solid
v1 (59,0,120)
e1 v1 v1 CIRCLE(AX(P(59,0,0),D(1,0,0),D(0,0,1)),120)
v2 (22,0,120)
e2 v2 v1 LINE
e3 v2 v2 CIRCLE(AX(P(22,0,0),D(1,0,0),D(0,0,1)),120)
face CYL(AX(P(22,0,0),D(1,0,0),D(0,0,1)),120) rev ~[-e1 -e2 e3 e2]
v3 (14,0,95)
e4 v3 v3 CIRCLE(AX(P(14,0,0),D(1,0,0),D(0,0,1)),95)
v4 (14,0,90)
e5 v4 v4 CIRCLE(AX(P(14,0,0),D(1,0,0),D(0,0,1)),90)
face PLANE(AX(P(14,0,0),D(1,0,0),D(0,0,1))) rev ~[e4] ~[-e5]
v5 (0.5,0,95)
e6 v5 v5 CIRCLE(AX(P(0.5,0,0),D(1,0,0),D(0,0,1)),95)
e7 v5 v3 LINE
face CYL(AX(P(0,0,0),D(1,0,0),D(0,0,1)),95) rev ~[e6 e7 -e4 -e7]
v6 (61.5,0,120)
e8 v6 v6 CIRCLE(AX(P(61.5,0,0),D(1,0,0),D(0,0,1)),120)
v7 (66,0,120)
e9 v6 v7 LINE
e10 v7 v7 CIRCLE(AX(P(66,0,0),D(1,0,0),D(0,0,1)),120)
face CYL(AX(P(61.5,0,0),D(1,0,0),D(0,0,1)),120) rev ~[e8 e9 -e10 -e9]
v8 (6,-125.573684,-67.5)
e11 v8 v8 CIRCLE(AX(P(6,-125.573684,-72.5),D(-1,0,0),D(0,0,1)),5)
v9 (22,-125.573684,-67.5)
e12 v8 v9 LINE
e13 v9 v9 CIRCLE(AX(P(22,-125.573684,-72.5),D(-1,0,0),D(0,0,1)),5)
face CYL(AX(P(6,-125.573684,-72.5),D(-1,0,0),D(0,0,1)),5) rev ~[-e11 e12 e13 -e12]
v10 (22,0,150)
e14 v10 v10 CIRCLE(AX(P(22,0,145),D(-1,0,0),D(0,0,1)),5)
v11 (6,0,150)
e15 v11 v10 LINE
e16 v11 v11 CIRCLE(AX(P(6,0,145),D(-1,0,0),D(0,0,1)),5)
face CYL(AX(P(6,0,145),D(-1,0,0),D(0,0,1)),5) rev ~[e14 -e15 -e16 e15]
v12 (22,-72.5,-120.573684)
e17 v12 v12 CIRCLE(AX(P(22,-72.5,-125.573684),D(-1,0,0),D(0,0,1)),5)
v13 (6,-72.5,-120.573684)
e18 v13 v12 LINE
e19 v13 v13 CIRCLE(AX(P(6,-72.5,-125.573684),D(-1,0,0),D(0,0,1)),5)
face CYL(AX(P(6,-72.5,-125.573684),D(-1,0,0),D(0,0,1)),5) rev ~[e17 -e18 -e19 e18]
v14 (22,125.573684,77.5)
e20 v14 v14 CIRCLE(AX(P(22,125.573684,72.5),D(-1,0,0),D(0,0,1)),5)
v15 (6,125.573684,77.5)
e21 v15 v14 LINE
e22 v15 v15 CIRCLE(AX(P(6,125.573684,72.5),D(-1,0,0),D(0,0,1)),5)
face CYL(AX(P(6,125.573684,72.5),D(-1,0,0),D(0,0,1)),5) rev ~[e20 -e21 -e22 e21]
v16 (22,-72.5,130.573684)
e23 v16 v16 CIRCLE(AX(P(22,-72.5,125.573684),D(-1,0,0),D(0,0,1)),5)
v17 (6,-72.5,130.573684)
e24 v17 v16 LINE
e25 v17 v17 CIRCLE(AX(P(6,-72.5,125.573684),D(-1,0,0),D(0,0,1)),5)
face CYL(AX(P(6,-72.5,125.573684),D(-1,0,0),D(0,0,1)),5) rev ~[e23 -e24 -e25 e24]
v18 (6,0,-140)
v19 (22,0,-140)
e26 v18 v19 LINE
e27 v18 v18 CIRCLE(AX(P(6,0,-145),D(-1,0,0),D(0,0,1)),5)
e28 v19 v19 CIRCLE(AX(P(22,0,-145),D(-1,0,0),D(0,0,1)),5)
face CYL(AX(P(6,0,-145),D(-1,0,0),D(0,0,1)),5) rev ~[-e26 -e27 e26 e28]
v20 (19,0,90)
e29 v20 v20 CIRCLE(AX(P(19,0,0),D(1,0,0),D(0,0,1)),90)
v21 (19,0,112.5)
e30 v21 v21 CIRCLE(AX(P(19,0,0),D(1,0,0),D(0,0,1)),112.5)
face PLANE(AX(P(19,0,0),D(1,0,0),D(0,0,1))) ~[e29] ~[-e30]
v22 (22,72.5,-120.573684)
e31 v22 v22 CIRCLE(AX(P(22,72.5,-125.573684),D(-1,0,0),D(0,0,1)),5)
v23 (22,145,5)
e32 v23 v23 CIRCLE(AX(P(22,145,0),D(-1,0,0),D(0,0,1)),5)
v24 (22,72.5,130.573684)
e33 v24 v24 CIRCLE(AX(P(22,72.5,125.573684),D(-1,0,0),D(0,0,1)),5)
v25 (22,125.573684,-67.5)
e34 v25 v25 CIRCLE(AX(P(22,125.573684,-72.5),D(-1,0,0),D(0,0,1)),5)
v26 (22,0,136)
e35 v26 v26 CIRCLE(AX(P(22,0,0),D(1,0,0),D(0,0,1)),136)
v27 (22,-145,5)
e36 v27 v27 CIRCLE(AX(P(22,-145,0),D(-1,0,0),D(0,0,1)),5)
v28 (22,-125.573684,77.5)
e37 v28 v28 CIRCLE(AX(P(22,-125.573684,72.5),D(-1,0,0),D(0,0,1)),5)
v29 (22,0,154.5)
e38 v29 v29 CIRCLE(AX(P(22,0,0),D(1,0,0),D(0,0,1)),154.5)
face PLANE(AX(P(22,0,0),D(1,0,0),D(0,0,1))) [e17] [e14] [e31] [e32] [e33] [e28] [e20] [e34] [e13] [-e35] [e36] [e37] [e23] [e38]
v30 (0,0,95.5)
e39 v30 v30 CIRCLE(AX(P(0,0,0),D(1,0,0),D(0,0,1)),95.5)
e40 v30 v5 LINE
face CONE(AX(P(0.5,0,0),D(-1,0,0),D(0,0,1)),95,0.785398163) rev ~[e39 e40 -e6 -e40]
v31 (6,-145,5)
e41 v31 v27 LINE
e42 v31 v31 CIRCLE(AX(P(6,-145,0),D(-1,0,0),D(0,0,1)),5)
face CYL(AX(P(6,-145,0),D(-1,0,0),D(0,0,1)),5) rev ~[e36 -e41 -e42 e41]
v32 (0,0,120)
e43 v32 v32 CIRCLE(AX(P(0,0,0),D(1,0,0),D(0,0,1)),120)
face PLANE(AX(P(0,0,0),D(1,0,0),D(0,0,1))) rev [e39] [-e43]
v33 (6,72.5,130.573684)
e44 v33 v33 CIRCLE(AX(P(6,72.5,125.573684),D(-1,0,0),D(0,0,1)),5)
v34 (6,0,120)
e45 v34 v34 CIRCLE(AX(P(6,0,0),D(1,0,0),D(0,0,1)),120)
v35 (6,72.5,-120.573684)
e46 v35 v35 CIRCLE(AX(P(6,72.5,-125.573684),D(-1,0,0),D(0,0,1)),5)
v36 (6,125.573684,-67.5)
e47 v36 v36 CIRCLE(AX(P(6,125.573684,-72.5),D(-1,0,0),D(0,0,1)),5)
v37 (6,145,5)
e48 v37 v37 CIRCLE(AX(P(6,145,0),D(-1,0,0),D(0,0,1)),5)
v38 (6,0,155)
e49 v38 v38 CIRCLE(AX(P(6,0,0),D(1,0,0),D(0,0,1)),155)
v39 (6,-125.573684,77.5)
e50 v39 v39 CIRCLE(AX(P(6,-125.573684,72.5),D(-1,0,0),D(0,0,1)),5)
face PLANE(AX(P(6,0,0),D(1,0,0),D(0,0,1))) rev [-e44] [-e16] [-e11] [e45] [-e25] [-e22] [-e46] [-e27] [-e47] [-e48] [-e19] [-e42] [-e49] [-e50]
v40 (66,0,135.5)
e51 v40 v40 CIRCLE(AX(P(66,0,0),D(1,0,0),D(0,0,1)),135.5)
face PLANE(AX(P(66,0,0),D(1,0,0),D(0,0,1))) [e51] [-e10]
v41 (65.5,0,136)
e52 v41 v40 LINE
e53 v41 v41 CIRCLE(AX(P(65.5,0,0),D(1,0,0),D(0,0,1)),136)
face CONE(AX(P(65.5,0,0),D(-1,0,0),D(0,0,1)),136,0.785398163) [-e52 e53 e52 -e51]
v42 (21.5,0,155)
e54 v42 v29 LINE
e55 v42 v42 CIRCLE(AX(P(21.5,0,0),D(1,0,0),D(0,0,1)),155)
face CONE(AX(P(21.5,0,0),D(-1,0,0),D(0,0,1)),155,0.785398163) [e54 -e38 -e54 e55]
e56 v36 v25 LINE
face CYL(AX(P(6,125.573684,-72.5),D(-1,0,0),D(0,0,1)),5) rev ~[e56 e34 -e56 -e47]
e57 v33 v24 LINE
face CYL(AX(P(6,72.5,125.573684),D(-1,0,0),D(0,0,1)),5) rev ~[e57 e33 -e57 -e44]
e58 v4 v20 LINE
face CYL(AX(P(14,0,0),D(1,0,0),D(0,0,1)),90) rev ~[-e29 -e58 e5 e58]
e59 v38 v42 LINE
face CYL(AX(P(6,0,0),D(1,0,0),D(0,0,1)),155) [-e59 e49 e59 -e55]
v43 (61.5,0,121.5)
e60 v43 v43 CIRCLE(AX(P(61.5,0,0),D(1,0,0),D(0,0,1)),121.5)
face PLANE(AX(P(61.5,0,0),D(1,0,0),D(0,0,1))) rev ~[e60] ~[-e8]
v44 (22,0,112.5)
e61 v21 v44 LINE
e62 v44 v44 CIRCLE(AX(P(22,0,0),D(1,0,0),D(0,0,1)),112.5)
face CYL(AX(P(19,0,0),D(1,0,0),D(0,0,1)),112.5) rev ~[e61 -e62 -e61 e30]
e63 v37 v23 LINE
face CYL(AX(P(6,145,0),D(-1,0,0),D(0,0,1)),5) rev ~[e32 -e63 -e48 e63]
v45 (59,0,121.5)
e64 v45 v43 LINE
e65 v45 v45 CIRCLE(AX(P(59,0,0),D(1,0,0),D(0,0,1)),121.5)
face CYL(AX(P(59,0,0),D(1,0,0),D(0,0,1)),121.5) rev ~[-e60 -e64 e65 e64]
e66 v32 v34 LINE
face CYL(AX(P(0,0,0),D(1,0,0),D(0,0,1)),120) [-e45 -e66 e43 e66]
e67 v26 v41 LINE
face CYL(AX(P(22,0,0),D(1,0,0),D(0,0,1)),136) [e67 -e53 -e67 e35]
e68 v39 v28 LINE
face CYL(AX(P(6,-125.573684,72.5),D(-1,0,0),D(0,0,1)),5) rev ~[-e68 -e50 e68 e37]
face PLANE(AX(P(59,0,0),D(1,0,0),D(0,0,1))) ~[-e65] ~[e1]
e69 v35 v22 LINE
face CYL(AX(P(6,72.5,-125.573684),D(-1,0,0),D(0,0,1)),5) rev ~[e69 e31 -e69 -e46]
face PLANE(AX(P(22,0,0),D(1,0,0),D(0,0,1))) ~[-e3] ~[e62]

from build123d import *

# Parameters (mm, degrees)
SKETCH_3_R          = 5
CUT_EXTRUDE_1_DEPTH = 228.266363547
CHAMFER_1_SIZE      = 0.5


with BuildPart() as part:
    # 草图1 → 旋转1 (revolve)
    with BuildSketch(Plane.XY, mode=Mode.PRIVATE) as revolve_1_sk:
        Polygon((0, 0), (0, 120), (6, 120), (6, 155), (22, 155), (22, 136), (66, 136), (66, 0), align=None)
    revolve(revolve_1_sk.sketch.rotate(Axis((0, 0, 0), (1, 0, 0)), 90), axis=Axis((0, 0, 0), (1, 0, 0)))

    # 草图2 → 切除-旋转1 (revolve, cut)
    with BuildSketch(Plane.XY, mode=Mode.PRIVATE) as cut_revolve_1_sk:
        Polygon((0, 0), (0, 95), (14, 95), (14, 90), (19, 90), (19, 112.5), (22, 112.5), (22, 120), (59, 120), (59, 121.5), (61.5, 121.5), (61.5, 120), (66, 120), (66, 0), align=None)
    revolve(cut_revolve_1_sk.sketch.rotate(Axis((0, 0, 0), (1, 0, 0)), 90), axis=Axis((0, 0, 0), (1, 0, 0)), mode=Mode.SUBTRACT)

    # 草图3 → 切除-拉伸1 (cut, through all)
    with BuildSketch(Plane.ZY.offset(-6)):
        with Locations((0, 145)):
            Circle(SKETCH_3_R)
        with Locations((72.5, 125.573683549)):
            Circle(SKETCH_3_R)
        with Locations((125.573683549, 72.5)):
            Circle(SKETCH_3_R)
        with Locations((145, 0)):
            Circle(SKETCH_3_R)
        with Locations((125.573683549, -72.5)):
            Circle(SKETCH_3_R)
        with Locations((72.5, -125.573683549)):
            Circle(SKETCH_3_R)
        with Locations((0, -145)):
            Circle(SKETCH_3_R)
        with Locations((-72.5, -125.573683549)):
            Circle(SKETCH_3_R)
        with Locations((-125.573683549, -72.5)):
            Circle(SKETCH_3_R)
        with Locations((-145, 0)):
            Circle(SKETCH_3_R)
        with Locations((-125.573683549, 72.5)):
            Circle(SKETCH_3_R)
        with Locations((-72.5, 125.573683549)):
            Circle(SKETCH_3_R)
    extrude(amount=-CUT_EXTRUDE_1_DEPTH, mode=Mode.SUBTRACT)

    # 倒角1
    chamfer_1_edges = [part.edges().sort_by_distance(p)[0] for p in [
        (0, 0, -95),
        (66, 0, -136),
        (22, 0, -155),
    ]]
    chamfer(chamfer_1_edges, length=CHAMFER_1_SIZE)


solid = part.part
